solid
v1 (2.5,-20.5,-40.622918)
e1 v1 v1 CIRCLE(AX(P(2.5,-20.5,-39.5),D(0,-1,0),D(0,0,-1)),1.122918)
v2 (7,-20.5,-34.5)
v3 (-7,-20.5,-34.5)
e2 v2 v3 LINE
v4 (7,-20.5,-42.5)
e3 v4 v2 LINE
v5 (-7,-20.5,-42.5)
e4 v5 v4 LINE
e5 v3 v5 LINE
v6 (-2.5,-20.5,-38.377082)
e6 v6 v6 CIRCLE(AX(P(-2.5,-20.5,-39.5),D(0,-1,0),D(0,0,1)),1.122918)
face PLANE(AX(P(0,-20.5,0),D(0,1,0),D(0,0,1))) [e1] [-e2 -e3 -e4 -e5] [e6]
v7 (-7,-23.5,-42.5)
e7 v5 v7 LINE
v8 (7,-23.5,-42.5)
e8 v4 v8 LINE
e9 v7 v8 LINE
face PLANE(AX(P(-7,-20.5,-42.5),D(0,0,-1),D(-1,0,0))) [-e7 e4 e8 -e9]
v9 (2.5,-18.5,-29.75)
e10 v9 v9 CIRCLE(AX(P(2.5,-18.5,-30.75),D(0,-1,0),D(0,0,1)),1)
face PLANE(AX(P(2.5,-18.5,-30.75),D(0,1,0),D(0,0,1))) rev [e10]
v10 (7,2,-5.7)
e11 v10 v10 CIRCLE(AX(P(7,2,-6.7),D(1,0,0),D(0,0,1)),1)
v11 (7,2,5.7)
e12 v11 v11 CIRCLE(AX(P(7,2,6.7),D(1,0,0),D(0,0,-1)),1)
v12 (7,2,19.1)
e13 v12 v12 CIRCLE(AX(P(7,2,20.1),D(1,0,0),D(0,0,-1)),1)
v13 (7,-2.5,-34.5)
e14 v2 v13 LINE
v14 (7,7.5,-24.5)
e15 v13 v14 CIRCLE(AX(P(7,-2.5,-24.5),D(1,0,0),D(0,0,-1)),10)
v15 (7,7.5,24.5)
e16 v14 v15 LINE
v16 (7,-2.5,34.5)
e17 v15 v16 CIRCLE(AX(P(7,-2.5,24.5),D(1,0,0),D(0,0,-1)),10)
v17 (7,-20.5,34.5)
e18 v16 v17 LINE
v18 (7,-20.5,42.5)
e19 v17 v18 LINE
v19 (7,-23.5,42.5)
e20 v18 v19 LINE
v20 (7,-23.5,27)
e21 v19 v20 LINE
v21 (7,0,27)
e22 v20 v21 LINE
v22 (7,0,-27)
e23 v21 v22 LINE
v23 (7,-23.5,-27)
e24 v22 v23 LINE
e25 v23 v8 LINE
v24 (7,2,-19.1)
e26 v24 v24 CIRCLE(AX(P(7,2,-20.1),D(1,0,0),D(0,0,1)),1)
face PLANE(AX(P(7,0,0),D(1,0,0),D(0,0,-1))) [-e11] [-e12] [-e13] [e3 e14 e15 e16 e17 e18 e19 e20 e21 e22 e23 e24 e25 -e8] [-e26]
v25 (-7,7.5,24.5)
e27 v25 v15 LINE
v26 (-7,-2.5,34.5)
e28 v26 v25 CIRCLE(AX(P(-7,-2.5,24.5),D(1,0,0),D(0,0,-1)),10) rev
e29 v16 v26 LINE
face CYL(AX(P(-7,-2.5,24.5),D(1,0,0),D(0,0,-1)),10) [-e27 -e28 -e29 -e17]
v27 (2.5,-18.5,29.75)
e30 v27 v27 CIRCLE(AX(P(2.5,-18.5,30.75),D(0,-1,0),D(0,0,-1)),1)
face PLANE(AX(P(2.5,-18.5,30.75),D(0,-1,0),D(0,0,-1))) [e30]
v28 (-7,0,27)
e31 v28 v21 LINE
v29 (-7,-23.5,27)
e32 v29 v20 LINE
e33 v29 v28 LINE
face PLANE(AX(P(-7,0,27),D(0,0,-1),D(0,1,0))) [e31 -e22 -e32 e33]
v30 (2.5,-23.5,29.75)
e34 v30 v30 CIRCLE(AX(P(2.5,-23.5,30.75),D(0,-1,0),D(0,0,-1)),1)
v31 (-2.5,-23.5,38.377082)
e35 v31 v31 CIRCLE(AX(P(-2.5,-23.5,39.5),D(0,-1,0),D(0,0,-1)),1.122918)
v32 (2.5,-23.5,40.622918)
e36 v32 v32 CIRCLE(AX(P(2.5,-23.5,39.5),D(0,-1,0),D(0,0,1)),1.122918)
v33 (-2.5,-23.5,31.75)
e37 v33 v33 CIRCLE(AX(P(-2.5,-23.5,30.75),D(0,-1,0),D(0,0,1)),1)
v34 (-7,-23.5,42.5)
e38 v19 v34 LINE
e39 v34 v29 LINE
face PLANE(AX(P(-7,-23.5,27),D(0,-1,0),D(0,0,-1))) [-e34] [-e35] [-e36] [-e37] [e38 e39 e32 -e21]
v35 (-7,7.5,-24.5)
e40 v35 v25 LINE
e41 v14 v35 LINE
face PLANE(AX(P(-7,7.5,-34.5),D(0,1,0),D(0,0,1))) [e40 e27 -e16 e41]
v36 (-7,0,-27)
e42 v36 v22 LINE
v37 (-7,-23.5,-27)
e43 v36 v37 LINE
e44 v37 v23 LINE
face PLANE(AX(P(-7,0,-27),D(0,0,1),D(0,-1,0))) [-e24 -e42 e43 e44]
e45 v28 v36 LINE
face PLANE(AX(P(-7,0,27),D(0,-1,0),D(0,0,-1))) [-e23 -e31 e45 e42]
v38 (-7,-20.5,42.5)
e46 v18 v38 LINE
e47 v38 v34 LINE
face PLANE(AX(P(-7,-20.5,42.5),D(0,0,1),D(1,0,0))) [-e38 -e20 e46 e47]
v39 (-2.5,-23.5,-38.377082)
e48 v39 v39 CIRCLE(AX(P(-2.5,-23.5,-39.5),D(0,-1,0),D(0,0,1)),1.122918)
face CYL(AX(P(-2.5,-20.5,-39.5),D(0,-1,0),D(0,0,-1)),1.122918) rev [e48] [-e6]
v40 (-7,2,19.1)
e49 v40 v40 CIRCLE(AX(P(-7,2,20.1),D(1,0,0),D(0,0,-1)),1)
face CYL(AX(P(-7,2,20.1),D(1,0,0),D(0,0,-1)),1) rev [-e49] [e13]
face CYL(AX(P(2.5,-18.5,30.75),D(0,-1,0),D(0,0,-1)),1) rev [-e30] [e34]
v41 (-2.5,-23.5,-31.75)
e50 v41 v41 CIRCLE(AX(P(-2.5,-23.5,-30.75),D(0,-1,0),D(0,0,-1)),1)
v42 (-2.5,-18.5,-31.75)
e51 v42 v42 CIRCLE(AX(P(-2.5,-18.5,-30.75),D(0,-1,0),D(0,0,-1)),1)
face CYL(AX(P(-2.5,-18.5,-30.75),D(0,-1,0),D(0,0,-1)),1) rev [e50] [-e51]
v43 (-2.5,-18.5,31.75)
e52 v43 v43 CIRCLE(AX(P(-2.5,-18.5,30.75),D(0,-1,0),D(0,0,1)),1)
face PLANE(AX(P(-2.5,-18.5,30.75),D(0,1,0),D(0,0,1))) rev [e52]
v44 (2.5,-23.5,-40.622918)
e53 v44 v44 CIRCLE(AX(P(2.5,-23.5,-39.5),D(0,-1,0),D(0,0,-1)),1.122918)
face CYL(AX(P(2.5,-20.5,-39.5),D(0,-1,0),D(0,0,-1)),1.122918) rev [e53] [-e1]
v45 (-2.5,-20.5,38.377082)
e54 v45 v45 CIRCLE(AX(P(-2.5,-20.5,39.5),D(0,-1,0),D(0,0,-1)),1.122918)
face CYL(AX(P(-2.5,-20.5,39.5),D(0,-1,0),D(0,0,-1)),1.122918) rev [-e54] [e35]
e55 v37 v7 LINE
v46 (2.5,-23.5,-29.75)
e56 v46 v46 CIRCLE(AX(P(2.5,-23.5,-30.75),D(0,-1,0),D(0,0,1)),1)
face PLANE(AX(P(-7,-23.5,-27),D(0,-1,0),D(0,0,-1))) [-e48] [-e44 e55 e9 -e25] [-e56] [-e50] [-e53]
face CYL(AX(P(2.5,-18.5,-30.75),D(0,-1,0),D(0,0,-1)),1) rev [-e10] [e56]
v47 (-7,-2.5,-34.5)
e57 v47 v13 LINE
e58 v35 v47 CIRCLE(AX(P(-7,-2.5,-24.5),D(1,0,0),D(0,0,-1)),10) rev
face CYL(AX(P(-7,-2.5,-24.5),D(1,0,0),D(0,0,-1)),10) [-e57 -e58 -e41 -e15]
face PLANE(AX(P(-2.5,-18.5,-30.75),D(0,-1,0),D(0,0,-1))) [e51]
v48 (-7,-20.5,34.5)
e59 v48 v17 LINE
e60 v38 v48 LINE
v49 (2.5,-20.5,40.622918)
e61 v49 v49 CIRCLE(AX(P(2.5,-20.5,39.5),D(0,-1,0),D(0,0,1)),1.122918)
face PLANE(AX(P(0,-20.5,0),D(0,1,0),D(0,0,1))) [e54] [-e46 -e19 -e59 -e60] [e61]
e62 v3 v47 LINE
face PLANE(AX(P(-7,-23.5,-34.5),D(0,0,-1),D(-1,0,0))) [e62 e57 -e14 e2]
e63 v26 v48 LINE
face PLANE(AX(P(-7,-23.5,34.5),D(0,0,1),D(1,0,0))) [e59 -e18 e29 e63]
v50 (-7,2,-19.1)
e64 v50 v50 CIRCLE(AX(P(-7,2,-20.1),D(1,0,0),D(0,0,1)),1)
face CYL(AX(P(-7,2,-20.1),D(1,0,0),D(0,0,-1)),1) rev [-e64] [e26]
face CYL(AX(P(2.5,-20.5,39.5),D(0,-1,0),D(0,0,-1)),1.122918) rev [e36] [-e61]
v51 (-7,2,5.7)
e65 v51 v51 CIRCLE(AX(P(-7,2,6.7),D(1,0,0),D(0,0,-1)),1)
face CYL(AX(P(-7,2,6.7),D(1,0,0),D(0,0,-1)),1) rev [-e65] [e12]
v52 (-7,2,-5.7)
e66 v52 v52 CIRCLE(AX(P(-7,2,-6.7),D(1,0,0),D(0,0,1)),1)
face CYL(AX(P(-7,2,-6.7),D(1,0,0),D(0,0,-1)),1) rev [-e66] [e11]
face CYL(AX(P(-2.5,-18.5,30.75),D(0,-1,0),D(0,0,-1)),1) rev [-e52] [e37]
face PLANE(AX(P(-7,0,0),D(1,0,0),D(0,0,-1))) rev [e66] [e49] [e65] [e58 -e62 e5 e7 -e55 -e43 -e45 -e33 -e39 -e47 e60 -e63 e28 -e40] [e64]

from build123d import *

# Parameters (mm, degrees)
BOSS_EXTRUDE1_DEPTH      = 7
BOSS_EXTRUDE1_DEPTH_BACK = 7
FILLET1_R                = 10
SKETCH2_R                = 1
CUT_EXTRUDE1_DEPTH       = 45.028399926
SKETCH3_R                = 1
CUT_EXTRUDE2_DEPTH       = 5
SKETCH4_W                = 14
SKETCH4_H                = 8
SKETCH4_R                = 1.122918174
BOSS_EXTRUDE2_DEPTH      = 3


with BuildPart() as part:
    # Sketch1 → Boss-Extrude1 (new, two sides: drawn at the far end of the back side and taken through both)
    with BuildSketch(Plane(origin=(0, 0, 0), x_dir=(0, 0, -1), z_dir=(1, 0, 0)).offset(-BOSS_EXTRUDE1_DEPTH_BACK)):
        Polygon((-27, 0), (27, 0), (27, -23.5), (34.5, -23.5), (34.5, 7.5), (-34.5, 7.5), (-34.5, -23.5), (-27, -23.5), align=None)
    extrude(amount=BOSS_EXTRUDE1_DEPTH + BOSS_EXTRUDE1_DEPTH_BACK)

    # Fillet1
    fillet1_edges = [part.edges().sort_by_distance(p)[0] for p in [
        (0, 7.5, 34.5),
        (0, 7.5, -34.5),
    ]]
    fillet(fillet1_edges, radius=FILLET1_R)

    # Sketch2 → Cut-Extrude1 (cut, through all)
    with BuildSketch(Plane(origin=(7, 0, 0), x_dir=(0, 0, -1), z_dir=(1, 0, 0))):
        with Locations((-6.7, 2)):
            Circle(SKETCH2_R)
        with Locations((-20.1, 2)):
            Circle(SKETCH2_R)
        with Locations((20.1, 2)):
            Circle(SKETCH2_R)
        with Locations((6.7, 2)):
            Circle(SKETCH2_R)
    extrude(amount=-CUT_EXTRUDE1_DEPTH, mode=Mode.SUBTRACT)

    # Sketch3 → Cut-Extrude2 (cut)
    with BuildSketch(Plane.XZ.offset(23.5)):
        with Locations((-2.5, -30.75)):
            Circle(SKETCH3_R)
        with Locations((2.5, -30.75)):
            Circle(SKETCH3_R)
        with Locations((-2.5, 30.75)):
            Circle(SKETCH3_R)
        with Locations((2.5, 30.75)):
            Circle(SKETCH3_R)
    extrude(amount=-CUT_EXTRUDE2_DEPTH, mode=Mode.SUBTRACT)

    # Sketch4 → Boss-Extrude2 (add)
    # profile 1 of 2: a face of its own
    with BuildSketch(Plane.XZ.offset(23.5)):
        with Locations((0, 38.5)):
            Rectangle(SKETCH4_W, SKETCH4_H)
        with Locations((-2.5, 39.5)):
            Circle(SKETCH4_R, mode=Mode.SUBTRACT)
        with Locations((2.5, 39.5)):
            Circle(SKETCH4_R, mode=Mode.SUBTRACT)
    # profile 2 of 2: a face of its own
    with BuildSketch(Plane.XZ.offset(23.5)):
        with Locations((0, -38.5)):
            Rectangle(SKETCH4_W, SKETCH4_H)
        with Locations((2.5, -39.5)):
            Circle(SKETCH4_R, mode=Mode.SUBTRACT)
        with Locations((-2.5, -39.5)):
            Circle(SKETCH4_R, mode=Mode.SUBTRACT)
    extrude(amount=-BOSS_EXTRUDE2_DEPTH)


solid = part.part
